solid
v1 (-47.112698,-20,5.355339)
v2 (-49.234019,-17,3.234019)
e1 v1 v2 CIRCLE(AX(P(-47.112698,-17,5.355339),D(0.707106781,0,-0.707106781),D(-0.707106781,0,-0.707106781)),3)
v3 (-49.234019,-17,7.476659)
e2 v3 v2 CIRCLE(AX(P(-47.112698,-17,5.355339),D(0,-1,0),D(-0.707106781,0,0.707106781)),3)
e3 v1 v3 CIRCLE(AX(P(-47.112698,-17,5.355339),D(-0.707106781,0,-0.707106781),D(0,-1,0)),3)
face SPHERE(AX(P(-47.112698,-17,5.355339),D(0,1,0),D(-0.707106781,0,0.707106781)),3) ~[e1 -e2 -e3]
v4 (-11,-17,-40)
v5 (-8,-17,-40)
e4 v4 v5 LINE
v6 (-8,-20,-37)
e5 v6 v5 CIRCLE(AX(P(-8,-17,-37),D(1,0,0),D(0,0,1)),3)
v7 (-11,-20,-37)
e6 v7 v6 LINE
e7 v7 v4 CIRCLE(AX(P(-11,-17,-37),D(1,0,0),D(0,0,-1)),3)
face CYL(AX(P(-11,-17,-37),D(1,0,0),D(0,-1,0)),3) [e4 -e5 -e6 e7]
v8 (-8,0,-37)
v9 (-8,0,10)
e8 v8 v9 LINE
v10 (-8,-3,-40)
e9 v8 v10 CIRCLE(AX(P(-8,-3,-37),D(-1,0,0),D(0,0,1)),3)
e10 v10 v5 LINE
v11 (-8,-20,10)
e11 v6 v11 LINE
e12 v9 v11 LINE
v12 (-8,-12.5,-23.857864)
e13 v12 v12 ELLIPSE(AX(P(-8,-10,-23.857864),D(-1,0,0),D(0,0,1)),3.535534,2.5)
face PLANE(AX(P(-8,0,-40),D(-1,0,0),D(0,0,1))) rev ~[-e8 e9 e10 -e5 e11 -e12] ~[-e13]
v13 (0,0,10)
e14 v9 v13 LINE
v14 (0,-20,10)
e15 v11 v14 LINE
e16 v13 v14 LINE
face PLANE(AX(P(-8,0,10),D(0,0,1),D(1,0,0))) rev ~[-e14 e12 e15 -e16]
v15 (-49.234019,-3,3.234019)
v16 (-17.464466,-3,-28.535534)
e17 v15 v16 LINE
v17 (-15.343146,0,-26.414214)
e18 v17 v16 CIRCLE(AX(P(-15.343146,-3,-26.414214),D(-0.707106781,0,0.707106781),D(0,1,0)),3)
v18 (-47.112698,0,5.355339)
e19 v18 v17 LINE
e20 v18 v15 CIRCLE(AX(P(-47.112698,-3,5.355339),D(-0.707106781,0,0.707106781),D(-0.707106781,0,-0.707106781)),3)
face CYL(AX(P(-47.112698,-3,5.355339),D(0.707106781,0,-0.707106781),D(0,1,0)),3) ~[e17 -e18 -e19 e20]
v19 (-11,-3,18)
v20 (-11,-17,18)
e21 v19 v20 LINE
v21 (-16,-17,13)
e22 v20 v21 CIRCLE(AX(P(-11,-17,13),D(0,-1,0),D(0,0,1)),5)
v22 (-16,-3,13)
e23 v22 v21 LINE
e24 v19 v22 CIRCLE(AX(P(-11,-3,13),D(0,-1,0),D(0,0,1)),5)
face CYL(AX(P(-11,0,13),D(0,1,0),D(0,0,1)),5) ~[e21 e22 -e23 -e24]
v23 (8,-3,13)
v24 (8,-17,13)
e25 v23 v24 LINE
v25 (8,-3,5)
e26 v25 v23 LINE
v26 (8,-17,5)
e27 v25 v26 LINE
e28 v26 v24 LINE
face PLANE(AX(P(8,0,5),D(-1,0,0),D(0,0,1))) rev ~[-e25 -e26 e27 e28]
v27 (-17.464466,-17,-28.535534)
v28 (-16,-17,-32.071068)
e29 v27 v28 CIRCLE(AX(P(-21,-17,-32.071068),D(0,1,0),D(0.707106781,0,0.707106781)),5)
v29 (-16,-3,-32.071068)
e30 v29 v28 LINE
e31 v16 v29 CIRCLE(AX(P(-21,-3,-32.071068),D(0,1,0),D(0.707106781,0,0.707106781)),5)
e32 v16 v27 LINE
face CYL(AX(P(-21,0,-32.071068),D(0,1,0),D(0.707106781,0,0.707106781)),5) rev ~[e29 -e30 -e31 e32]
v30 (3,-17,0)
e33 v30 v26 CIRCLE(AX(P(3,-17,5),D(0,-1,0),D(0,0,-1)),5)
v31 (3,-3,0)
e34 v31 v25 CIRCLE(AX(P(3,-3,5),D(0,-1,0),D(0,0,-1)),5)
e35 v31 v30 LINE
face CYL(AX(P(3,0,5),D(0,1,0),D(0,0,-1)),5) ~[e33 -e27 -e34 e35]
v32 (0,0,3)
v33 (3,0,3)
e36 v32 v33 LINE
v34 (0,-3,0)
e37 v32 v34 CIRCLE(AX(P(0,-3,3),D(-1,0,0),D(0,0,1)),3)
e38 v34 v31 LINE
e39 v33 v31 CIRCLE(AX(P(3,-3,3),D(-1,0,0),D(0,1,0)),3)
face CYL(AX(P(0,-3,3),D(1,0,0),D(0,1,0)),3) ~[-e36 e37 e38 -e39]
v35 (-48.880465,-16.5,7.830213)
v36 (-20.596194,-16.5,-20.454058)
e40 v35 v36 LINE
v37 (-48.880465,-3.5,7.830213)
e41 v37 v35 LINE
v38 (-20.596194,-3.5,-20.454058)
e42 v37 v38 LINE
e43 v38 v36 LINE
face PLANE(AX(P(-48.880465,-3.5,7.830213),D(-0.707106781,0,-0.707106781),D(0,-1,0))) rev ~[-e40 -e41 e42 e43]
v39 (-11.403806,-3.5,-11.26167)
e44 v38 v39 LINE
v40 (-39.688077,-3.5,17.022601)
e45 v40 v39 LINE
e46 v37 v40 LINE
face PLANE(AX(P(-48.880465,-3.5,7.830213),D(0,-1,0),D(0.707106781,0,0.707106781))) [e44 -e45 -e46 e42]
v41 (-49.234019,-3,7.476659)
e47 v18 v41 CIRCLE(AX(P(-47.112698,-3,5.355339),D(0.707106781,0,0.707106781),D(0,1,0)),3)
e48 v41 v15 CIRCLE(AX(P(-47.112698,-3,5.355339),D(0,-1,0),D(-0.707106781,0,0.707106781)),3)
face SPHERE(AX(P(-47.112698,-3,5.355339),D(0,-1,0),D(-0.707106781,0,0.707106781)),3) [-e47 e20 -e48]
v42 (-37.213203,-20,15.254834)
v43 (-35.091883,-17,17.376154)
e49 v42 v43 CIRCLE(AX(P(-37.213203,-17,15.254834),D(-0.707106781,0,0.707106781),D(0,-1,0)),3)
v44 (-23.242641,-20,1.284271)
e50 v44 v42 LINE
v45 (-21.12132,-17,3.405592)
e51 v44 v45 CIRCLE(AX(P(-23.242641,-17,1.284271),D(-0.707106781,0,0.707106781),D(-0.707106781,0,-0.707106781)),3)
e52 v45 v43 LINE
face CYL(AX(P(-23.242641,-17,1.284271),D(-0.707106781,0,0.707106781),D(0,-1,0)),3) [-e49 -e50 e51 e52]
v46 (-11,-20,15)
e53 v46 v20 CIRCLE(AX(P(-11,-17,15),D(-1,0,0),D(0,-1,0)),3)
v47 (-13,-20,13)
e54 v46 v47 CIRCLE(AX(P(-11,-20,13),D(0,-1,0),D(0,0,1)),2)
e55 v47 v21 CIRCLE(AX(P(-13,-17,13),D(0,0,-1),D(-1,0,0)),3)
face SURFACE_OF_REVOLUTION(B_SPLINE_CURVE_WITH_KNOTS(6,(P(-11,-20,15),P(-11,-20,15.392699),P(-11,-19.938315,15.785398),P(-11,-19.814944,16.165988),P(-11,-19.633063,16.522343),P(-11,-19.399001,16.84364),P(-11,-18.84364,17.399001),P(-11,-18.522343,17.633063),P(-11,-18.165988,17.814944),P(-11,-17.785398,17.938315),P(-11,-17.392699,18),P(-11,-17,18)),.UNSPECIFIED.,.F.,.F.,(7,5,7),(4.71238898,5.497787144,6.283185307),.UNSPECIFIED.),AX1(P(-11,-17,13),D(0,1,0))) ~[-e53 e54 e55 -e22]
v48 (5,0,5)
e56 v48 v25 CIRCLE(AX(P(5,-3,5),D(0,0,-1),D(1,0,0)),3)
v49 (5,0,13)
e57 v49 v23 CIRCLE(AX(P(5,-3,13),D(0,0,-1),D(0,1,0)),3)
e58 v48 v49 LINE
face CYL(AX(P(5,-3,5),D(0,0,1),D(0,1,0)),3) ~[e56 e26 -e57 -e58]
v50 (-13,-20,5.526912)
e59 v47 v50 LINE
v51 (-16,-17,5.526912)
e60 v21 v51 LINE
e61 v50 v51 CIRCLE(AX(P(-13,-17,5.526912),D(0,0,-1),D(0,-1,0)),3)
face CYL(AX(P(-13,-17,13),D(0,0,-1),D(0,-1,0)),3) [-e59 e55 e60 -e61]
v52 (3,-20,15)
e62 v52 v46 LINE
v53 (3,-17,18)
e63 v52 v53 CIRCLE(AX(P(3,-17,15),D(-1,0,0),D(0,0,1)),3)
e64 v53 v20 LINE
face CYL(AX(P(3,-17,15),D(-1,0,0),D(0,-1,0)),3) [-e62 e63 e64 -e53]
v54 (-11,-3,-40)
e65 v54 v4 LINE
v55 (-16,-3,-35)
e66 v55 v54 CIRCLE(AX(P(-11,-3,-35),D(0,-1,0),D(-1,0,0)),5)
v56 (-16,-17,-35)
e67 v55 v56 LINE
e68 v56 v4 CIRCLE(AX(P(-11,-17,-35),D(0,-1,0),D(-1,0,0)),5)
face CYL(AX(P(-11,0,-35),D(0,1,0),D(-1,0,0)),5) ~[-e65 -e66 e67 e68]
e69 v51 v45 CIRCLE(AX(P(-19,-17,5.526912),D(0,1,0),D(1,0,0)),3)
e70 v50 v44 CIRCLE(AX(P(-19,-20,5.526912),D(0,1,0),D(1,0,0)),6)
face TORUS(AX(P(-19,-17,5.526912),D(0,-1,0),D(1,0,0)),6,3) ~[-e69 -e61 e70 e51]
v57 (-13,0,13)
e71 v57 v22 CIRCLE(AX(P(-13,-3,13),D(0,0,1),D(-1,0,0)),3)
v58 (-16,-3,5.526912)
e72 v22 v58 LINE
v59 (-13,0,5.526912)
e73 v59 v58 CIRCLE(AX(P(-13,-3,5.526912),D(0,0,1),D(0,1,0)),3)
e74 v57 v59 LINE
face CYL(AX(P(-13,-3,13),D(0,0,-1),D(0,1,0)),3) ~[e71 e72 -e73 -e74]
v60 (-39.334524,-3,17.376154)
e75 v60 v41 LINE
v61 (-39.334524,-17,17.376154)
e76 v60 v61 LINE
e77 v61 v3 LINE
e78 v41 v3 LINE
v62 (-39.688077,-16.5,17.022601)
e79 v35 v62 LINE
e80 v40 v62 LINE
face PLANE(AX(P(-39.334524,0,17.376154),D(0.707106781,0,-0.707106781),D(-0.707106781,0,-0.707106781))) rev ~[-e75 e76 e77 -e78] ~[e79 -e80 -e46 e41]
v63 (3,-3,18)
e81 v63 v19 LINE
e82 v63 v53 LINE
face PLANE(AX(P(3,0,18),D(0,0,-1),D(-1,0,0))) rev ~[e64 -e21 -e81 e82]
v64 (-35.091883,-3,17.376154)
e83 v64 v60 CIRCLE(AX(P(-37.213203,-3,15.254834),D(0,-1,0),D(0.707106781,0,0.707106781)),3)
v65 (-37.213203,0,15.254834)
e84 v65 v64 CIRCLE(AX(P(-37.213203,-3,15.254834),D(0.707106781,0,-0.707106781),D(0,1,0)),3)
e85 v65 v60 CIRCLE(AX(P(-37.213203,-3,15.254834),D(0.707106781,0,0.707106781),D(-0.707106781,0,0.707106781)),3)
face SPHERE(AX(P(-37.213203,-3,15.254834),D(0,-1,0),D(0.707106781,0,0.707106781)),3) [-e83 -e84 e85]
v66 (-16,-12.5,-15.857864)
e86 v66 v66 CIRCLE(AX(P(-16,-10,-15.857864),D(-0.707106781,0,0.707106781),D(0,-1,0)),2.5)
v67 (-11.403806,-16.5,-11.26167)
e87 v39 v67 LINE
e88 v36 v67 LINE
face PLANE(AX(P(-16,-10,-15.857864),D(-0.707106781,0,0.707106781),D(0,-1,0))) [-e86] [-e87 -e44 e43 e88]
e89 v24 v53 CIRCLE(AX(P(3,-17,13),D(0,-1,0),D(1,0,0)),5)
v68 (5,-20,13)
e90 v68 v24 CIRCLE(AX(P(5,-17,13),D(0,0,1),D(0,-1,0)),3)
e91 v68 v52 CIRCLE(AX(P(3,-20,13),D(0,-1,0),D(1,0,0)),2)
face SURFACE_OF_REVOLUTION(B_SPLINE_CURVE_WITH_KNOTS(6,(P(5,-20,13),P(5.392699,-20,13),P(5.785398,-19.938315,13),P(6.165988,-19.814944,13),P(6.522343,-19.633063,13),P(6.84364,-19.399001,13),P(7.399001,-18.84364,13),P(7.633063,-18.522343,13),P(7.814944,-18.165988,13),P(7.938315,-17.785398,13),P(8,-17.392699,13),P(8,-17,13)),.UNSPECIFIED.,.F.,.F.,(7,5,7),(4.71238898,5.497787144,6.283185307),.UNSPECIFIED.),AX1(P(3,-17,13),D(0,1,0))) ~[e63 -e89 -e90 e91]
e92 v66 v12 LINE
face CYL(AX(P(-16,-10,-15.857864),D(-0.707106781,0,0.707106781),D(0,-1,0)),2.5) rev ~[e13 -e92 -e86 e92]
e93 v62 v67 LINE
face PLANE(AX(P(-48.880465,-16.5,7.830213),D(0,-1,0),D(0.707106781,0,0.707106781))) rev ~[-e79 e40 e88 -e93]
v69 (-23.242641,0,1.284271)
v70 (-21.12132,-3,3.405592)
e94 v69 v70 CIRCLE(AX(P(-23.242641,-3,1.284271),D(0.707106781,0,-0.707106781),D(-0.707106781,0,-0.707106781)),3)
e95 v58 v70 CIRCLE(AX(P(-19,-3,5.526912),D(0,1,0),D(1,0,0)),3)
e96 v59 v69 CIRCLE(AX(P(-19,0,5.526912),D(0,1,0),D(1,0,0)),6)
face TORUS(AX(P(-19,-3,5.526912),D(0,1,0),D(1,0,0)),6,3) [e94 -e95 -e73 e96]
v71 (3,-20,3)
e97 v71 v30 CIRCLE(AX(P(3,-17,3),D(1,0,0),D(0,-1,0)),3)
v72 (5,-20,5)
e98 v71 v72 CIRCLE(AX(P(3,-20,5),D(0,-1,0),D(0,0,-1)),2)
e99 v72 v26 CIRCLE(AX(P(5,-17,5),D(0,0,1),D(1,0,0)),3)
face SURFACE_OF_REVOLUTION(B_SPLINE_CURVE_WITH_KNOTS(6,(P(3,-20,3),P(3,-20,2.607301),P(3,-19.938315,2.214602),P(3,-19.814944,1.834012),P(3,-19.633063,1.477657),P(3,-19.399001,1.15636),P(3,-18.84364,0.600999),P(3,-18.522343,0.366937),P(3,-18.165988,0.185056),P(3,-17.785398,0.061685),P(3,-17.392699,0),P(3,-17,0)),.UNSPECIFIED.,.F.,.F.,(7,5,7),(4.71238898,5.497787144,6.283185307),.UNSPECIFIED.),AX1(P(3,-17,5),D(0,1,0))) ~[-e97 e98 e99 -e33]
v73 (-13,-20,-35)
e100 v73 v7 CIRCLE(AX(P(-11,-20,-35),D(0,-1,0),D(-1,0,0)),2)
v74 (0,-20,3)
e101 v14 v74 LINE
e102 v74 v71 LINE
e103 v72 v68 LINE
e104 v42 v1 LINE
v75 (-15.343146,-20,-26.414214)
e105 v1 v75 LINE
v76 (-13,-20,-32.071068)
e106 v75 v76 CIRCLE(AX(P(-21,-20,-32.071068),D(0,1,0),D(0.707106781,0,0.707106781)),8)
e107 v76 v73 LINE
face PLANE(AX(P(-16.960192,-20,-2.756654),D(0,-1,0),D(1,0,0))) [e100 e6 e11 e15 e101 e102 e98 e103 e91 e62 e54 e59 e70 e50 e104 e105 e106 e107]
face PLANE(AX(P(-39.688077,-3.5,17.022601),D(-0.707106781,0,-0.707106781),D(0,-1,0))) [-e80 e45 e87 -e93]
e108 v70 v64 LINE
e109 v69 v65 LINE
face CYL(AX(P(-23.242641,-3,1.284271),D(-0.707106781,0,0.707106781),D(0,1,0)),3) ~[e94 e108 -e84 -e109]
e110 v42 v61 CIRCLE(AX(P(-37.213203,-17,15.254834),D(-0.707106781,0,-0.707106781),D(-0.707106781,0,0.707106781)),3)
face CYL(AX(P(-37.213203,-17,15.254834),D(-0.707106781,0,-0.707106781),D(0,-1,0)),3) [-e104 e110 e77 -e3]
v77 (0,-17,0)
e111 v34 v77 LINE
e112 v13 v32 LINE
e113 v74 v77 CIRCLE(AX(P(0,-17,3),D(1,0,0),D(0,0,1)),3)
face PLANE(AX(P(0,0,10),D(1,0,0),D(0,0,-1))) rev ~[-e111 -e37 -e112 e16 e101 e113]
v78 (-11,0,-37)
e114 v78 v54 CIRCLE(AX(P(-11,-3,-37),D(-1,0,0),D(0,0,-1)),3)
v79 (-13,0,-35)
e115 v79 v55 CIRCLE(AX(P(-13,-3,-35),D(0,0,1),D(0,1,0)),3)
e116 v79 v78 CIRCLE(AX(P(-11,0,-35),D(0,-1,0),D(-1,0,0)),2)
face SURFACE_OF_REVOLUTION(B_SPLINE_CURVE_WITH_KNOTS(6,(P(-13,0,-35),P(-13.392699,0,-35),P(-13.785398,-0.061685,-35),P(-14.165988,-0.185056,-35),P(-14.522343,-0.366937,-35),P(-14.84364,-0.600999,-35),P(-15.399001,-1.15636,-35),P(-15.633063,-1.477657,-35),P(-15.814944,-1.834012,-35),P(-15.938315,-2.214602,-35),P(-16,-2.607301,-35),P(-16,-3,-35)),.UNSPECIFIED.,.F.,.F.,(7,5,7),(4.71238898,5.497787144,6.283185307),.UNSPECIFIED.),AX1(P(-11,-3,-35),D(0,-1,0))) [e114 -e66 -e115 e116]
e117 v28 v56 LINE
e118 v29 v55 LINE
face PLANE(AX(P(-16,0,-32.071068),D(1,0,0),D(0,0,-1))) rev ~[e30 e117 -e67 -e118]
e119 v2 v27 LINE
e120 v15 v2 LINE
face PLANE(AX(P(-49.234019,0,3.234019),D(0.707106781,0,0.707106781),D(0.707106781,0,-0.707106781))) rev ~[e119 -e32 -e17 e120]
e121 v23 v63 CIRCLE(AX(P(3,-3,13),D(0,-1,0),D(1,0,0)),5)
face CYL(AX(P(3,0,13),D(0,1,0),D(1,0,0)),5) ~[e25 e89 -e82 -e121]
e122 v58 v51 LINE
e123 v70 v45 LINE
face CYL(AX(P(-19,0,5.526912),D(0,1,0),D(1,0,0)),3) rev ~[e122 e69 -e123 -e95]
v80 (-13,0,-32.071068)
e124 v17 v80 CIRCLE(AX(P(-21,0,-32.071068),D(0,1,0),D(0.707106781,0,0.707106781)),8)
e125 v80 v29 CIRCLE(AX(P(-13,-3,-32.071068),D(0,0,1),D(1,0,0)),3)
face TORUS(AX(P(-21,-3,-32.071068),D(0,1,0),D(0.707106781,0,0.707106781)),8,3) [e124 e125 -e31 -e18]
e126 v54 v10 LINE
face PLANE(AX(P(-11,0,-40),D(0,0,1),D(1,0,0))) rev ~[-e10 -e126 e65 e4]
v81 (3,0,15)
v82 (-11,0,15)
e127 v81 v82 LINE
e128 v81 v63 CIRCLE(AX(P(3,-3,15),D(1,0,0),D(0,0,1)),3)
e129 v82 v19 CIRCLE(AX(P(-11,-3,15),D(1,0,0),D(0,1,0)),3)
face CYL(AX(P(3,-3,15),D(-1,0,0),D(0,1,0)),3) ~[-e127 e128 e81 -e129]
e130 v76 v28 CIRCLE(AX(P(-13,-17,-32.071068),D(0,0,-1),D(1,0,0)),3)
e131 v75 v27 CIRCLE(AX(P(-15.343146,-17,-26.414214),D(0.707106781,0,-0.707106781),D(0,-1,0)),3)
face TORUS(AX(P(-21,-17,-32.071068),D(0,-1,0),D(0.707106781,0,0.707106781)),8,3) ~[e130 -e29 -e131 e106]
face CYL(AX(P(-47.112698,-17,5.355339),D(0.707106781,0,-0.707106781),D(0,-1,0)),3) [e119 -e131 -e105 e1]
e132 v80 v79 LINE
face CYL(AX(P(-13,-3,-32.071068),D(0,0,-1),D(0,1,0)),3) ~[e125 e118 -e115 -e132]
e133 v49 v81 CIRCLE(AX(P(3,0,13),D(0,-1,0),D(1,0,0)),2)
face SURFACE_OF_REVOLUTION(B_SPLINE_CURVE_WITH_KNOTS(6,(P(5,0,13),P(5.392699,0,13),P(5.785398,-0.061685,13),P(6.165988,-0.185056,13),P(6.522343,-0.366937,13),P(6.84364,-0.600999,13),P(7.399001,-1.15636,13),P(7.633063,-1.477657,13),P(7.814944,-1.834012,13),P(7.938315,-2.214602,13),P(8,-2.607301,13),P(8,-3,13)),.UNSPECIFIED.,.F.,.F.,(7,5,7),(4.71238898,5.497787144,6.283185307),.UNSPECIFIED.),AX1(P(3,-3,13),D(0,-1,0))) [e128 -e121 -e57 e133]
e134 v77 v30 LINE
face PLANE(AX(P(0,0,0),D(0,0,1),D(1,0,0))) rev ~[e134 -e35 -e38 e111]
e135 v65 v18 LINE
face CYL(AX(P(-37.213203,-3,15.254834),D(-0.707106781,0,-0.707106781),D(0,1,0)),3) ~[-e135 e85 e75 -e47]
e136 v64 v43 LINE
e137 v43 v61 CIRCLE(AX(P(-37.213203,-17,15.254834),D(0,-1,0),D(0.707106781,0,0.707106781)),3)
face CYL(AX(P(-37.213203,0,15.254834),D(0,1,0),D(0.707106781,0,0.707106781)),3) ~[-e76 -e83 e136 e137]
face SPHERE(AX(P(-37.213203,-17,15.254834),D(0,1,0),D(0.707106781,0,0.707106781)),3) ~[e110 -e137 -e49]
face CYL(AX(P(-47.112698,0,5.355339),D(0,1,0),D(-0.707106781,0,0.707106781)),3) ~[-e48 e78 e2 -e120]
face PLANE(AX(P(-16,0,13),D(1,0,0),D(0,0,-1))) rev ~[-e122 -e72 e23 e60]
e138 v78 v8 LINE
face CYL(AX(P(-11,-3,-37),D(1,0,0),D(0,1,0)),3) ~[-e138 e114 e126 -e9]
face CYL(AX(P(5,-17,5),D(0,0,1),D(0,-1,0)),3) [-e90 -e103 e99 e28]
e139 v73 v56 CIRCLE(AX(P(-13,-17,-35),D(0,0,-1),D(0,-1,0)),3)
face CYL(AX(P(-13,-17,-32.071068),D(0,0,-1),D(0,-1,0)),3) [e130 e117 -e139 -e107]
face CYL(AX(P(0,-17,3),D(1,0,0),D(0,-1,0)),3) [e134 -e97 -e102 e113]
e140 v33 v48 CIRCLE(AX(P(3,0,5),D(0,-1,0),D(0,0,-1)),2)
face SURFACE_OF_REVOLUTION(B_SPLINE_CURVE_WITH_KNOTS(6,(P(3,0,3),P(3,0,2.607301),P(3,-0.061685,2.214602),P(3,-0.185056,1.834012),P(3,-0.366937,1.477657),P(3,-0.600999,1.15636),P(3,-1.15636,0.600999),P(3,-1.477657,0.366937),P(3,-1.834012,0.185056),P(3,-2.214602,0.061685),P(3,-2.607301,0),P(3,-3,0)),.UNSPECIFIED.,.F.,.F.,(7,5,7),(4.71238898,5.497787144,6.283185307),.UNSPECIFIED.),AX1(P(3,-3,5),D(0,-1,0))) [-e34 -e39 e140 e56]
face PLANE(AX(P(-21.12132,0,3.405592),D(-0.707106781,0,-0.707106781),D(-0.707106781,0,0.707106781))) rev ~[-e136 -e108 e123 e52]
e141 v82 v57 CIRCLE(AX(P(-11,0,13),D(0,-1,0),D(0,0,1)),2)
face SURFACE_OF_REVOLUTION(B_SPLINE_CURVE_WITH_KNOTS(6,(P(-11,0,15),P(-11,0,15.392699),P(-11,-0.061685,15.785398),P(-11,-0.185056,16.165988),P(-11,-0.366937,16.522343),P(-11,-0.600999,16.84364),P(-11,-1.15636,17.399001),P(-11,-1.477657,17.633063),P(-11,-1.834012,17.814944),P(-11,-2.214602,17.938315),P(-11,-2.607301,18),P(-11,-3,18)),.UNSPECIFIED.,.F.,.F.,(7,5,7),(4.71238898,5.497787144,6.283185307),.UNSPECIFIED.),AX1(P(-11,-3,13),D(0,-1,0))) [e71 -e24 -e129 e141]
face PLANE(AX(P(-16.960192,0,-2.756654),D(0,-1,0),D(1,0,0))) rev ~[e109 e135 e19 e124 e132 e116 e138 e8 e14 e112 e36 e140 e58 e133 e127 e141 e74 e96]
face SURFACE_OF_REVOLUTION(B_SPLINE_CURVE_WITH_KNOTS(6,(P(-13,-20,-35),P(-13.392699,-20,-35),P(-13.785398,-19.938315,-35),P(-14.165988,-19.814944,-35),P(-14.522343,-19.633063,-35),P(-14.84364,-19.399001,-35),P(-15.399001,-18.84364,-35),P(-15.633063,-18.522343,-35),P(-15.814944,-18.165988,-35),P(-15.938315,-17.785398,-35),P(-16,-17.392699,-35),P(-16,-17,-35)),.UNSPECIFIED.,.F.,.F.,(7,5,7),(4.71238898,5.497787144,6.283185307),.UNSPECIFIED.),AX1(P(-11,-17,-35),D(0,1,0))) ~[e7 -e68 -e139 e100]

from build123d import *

# Parameters (mm, degrees)
F1_DEPTH = 20
F2_W     = 13
F2_H     = 13
F3_DEPTH = 40
F4_R     = 2.5
F5_DEPTH = 14.813708499
F6_R     = 3


with BuildPart() as f1:
    # F0 (on Front) → F1 (new body)
    with BuildSketch(Plane.XZ):
        with BuildLine():
            Line((0, 10), (0, 0))
            Line((0, 0), (3, 0))
            ThreePointArc((3, 0), (6.5355339059, 1.4644660941), (8, 5))
            Line((8, 5), (8, 13))
            ThreePointArc((8, 13), (6.5355339059, 16.5355339059), (3, 18))
            Line((3, 18), (-11, 18))
            ThreePointArc((-11, 18), (-14.5355339059, 16.5355339059), (-16, 13))
            Line((-16, 13), (-16, 5.5269119346))
            ThreePointArc((-16, 5.5269119346), (-17.8519497029, 2.755273337), (-21.1213203436, 3.405591591))
            Line((-21.1213203436, 3.405591591), (-35.091883092, 17.3761543395))
            ThreePointArc((-35.091883092, 17.3761543395), (-37.2132034356, 18.2548339959), (-39.3345237792, 17.3761543395))
            Line((-39.3345237792, 17.3761543395), (-49.2340187158, 7.4766594029))
            ThreePointArc((-49.2340187158, 7.4766594029), (-50.1126983722, 5.3553390593), (-49.2340187158, 3.2340187158))
            Line((-49.2340187158, 3.2340187158), (-17.4644660941, -28.5355339059))
            ThreePointArc((-17.4644660941, -28.5355339059), (-16.3806023374, -30.15765065), (-16, -32.0710678119))
            Line((-16, -32.0710678119), (-16, -35))
            ThreePointArc((-16, -35), (-14.5355339059, -38.5355339059), (-11, -40))
            Line((-11, -40), (-8, -40))
            Line((-8, -40), (-8, 10))
            Line((-8, 10), (0, 10))
        make_face()
    extrude(amount=F1_DEPTH)

    # F2 (on face) → F3 (cut)
    with BuildSketch(Plane(origin=(-28.3553390593, 0, 28.3553390593), x_dir=(0, -1, 0), z_dir=(-0.7071067812, 0, 0.7071067812))):
        with Locations((10, -22.5269119346)):
            Rectangle(F2_W, F2_H)
    extrude(amount=-F3_DEPTH, mode=Mode.SUBTRACT)

    # F4 (on face) → F5 (cut, up to face)
    with BuildSketch(Plane(origin=(-0.0710678119, 0, 0.0710678119), x_dir=(0, -1, 0), z_dir=(-0.7071067812, 0, 0.7071067812))):
        with Locations((10, -22.5269119346)):
            Circle(F4_R)
    extrude(amount=-F5_DEPTH, mode=Mode.SUBTRACT)

    # F6
    f6_edges = [f1.edges().sort_by_distance(p)[0] for p in [
        (-44.284271, -20, 12.426407),
        (-44.284271, 0, 12.426407),
    ]]
    fillet(f6_edges, radius=F6_R)


solid = f1.part
